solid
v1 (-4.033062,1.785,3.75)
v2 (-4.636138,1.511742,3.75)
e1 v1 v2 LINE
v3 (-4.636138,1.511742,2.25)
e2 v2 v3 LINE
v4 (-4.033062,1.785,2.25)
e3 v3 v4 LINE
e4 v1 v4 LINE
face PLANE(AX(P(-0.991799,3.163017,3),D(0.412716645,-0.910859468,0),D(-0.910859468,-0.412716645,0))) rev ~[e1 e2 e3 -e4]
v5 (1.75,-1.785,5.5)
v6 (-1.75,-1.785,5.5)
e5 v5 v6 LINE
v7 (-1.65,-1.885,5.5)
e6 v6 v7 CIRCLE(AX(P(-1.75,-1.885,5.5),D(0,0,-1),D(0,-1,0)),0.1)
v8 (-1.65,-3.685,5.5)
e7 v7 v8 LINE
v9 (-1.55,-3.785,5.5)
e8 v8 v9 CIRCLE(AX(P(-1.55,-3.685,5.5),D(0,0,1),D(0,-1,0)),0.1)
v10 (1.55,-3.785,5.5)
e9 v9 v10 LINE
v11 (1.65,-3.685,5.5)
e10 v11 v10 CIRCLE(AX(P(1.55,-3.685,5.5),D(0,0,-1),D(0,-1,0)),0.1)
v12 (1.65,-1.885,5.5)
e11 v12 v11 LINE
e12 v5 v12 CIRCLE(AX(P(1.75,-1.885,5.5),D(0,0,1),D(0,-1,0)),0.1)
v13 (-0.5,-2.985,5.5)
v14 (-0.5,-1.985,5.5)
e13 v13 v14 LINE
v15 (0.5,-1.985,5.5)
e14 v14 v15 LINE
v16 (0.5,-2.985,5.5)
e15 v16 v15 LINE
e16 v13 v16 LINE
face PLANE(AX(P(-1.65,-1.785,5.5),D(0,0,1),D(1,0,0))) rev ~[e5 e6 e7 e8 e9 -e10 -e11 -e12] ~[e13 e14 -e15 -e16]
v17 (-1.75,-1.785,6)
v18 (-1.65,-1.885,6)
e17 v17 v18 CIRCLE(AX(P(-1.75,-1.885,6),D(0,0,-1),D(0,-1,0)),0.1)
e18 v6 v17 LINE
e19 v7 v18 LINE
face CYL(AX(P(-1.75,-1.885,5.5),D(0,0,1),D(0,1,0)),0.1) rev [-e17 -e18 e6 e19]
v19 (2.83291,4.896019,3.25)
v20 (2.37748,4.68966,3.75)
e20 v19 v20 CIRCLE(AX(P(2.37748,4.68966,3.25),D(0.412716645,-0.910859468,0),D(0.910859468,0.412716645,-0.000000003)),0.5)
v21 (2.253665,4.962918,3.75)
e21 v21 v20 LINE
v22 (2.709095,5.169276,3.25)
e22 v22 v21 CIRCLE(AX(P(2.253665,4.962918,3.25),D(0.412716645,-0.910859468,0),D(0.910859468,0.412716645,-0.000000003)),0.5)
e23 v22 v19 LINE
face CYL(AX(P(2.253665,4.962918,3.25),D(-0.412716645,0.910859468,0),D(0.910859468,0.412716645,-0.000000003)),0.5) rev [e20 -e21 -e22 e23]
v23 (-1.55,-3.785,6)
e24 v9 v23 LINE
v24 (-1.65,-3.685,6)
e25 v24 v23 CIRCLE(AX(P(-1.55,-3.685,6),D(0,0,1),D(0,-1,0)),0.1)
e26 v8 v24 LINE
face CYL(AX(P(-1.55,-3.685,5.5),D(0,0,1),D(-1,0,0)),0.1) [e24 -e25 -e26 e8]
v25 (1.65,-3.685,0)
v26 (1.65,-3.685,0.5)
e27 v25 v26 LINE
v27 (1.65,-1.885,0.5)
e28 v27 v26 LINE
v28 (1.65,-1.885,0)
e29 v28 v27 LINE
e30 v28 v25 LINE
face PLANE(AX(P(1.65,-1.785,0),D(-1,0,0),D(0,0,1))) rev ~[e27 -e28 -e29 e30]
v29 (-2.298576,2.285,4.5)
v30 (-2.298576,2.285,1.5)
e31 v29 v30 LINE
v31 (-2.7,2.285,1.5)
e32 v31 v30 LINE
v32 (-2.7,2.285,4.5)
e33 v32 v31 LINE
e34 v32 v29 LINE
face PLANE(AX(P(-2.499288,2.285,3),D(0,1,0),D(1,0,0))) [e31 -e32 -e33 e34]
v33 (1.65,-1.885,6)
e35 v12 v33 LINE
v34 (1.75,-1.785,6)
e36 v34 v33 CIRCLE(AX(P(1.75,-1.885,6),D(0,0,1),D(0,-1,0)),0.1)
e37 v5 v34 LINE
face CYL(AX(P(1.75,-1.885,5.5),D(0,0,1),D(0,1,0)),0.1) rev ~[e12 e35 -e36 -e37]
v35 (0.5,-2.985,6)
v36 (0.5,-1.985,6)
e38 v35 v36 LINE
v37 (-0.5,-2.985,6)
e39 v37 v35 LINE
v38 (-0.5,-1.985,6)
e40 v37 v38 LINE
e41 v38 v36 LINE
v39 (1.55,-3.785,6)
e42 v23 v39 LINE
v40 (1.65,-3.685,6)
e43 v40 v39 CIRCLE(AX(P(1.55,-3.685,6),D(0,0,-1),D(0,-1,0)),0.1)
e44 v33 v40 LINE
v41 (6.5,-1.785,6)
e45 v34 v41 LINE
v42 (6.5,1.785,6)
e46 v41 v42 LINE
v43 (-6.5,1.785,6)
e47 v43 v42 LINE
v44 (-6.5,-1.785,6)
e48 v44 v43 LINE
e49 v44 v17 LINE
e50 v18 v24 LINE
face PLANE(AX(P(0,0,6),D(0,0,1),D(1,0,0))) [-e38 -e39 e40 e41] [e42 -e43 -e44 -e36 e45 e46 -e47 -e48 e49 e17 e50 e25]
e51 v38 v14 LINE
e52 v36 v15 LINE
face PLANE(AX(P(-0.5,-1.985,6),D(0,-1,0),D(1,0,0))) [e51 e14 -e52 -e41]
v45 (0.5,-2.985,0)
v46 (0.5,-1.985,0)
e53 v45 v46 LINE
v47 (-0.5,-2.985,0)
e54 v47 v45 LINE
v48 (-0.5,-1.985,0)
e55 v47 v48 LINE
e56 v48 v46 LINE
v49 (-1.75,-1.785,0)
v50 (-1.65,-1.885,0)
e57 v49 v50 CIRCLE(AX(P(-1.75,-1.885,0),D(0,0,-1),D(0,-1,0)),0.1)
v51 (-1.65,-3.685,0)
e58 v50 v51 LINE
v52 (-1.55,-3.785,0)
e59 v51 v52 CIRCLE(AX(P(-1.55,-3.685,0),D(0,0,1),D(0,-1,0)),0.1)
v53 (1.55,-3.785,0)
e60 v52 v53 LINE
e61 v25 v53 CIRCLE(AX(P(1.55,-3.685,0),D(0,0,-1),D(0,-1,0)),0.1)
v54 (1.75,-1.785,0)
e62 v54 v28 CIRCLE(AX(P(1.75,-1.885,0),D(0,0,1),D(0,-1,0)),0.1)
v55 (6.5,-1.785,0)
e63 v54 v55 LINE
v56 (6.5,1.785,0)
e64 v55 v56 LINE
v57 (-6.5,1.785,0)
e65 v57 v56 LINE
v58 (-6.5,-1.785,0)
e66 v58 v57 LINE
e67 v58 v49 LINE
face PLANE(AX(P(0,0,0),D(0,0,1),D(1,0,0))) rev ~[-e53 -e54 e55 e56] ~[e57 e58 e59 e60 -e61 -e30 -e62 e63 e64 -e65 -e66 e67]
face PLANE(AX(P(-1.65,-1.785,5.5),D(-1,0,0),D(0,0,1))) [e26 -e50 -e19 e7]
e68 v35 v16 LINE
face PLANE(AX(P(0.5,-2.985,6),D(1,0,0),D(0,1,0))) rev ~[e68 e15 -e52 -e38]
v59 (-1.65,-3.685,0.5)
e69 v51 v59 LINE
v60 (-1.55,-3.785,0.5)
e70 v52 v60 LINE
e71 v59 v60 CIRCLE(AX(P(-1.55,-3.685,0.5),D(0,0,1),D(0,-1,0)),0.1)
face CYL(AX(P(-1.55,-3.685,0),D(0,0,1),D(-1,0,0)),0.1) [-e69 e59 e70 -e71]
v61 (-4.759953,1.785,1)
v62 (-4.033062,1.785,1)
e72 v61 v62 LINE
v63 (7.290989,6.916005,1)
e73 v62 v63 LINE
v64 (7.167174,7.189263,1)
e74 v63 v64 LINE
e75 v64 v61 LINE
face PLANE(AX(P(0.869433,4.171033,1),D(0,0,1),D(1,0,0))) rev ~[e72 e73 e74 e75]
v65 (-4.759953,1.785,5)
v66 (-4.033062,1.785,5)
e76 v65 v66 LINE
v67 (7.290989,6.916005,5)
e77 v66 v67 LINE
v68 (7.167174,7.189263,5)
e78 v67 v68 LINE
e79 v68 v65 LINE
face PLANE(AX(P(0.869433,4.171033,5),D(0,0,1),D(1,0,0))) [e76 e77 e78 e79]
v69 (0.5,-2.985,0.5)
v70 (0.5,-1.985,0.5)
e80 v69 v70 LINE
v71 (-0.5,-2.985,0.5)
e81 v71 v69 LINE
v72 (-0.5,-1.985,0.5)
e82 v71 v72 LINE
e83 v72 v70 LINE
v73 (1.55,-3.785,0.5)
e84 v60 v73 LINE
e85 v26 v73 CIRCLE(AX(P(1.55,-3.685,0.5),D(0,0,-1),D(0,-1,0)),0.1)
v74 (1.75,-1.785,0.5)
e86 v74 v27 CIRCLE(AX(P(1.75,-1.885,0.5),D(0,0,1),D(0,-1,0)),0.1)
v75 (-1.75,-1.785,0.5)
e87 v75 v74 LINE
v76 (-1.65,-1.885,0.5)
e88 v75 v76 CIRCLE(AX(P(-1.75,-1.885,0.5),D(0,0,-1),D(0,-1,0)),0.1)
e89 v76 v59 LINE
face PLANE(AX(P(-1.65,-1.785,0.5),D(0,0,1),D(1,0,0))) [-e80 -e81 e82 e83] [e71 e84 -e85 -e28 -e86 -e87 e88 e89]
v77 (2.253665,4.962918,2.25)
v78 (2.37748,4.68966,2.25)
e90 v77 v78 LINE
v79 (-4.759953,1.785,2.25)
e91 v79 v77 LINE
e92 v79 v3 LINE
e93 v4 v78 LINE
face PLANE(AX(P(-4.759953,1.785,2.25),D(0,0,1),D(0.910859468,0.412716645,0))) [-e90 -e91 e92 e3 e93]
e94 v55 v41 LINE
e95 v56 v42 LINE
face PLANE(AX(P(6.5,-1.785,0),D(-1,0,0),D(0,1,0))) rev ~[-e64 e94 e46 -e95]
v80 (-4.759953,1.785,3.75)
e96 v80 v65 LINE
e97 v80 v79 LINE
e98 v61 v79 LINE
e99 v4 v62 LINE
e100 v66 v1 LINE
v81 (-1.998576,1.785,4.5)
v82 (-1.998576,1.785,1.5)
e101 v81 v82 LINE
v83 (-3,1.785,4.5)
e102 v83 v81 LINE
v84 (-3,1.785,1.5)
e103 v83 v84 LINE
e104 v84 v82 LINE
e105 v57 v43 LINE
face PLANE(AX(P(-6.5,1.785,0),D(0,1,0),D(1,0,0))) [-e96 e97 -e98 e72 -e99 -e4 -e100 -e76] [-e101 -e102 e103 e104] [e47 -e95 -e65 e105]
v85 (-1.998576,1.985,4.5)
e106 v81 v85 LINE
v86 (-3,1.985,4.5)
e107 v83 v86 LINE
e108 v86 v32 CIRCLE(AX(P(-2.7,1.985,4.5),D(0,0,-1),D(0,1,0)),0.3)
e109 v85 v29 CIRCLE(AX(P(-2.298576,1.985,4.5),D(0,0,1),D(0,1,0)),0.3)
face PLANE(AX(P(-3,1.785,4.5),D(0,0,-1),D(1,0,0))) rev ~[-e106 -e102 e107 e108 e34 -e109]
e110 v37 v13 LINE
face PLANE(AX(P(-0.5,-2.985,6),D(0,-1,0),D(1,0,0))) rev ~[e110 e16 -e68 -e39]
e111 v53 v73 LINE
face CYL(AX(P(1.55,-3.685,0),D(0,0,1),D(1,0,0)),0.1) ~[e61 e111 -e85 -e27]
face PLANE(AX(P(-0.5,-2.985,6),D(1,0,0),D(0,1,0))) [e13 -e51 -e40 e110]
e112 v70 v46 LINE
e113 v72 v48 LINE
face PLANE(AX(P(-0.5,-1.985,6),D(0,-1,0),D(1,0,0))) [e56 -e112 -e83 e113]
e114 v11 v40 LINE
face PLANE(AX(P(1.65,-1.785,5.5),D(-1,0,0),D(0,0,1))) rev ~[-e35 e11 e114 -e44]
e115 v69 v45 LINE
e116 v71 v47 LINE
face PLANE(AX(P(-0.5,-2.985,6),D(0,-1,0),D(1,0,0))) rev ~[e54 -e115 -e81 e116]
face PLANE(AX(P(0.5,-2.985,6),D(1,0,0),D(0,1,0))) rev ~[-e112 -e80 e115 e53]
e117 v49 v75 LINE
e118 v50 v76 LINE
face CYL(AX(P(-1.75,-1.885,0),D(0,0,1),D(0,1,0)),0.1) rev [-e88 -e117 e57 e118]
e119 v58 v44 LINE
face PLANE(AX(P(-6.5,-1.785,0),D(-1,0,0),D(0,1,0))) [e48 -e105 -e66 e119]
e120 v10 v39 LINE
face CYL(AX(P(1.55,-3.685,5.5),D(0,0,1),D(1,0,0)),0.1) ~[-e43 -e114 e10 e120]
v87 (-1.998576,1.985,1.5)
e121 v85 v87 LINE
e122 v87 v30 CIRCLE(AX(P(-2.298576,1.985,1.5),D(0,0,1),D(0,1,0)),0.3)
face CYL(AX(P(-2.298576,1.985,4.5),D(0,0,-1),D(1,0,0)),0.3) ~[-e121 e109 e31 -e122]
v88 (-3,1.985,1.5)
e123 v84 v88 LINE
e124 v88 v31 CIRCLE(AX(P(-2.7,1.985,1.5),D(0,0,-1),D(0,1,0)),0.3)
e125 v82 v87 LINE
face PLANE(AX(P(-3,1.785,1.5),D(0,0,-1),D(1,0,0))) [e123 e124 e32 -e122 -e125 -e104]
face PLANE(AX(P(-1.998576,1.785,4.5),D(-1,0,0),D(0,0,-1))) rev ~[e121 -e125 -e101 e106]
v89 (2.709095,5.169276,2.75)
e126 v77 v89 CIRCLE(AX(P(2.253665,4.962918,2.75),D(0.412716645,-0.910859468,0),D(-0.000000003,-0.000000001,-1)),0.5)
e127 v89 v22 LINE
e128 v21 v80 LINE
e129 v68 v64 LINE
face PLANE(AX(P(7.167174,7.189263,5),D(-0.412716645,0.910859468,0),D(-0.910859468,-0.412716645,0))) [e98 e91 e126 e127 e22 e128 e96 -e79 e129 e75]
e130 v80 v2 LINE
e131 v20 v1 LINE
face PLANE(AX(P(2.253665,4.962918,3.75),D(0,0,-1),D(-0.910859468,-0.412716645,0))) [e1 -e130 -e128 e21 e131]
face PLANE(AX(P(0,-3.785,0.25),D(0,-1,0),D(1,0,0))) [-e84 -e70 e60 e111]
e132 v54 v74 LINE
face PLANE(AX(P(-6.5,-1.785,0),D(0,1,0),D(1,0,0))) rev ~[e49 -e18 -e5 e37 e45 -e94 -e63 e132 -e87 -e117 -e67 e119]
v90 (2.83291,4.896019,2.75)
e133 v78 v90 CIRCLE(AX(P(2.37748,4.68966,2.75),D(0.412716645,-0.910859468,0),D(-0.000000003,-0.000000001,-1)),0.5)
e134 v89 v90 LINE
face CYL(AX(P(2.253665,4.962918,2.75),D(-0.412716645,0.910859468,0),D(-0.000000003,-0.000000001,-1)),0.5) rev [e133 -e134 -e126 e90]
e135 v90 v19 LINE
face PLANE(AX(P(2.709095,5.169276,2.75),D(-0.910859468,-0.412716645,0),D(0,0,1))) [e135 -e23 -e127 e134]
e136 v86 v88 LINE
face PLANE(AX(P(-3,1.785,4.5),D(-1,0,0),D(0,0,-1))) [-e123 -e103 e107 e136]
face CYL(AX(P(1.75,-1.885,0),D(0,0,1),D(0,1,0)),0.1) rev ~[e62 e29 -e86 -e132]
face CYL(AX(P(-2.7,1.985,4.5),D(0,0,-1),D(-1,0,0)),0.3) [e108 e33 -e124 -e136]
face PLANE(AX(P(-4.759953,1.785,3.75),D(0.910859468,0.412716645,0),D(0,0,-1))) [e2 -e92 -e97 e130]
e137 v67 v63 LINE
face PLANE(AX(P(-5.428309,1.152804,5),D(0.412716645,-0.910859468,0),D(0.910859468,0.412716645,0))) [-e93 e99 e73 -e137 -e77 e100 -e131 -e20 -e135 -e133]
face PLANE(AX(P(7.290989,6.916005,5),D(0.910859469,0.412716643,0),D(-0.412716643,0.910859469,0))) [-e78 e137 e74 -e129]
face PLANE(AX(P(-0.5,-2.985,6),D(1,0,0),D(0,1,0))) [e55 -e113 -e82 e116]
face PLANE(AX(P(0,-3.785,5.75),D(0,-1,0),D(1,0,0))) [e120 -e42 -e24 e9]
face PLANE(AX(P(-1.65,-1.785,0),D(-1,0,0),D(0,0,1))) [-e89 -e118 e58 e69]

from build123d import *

# Parameters (mm, degrees)
SCHIZZO1_W                   = 13
SCHIZZO1_H                   = 3.57
ESTRUSIONE_ESTRUSIONE1_DEPTH = 6
SCHIZZO3_W                   = 3.3
SCHIZZO3_H                   = 0.5
ESTRUSIONE_ESTRUSIONE2_DEPTH = 2
RACCORDO1_R                  = 0.1
SCHIZZO4_W                   = 1
SCHIZZO4_H                   = 1
TAGLIO_ESTRUSIONE1_DEPTH     = 7
SCHIZZO5_W                   = 1.001424396
SCHIZZO5_H                   = 3
ESTRUSIONE_ESTRUSIONE3_DEPTH = 0.5
RACCORDO2_R                  = 0.3
ESTRUSIONE_ESTRUSIONE4_DEPTH = 4
TAGLIO_ESTRUSIONE2_DEPTH     = 0.3


with BuildPart() as part:
    # Schizzo1 → Estrusione-Estrusione1 (new body)
    with BuildSketch(Plane.XY):
        Rectangle(SCHIZZO1_W, SCHIZZO1_H)
    extrude(amount=ESTRUSIONE_ESTRUSIONE1_DEPTH)

    # Schizzo3 → Estrusione-Estrusione2 (add)
    with BuildSketch(Plane.XZ.offset(1.785)):
        with Locations((0, 5.75)):
            Rectangle(SCHIZZO3_W, SCHIZZO3_H)
        with Locations((0, 0.25)):
            Rectangle(SCHIZZO3_W, SCHIZZO3_H)
    extrude(amount=ESTRUSIONE_ESTRUSIONE2_DEPTH)

    # Raccordo1
    raccordo1_edges = [part.edges().sort_by_distance(p)[0] for p in [
        (1.65, -3.785, 0.25),
        (-1.65, -3.785, 0.25),
        (-1.65, -3.785, 5.75),
        (1.65, -3.785, 5.75),
        (-1.65, -1.785, 0.25),
        (1.65, -1.785, 0.25),
        (-1.65, -1.785, 5.75),
        (1.65, -1.785, 5.75),
    ]]
    fillet(raccordo1_edges, radius=RACCORDO1_R)

    # Schizzo4 → Taglio-Estrusione1 (cut, through all)
    with BuildSketch(Plane.XY.offset(6)):
        with Locations((0, -2.485)):
            Rectangle(SCHIZZO4_W, SCHIZZO4_H)
    extrude(amount=-TAGLIO_ESTRUSIONE1_DEPTH, mode=Mode.SUBTRACT)

    # Schizzo5 → Estrusione-Estrusione3 (add)
    with BuildSketch(Plane(origin=(0, 1.785, 0), x_dir=(1, 0, 0), z_dir=(0, 1, 0))):
        with Locations((-2.499287802, -3)):
            Rectangle(SCHIZZO5_W, SCHIZZO5_H)
    extrude(amount=ESTRUSIONE_ESTRUSIONE3_DEPTH)

    # Raccordo2
    raccordo2_edges = [part.edges().sort_by_distance(p)[0] for p in [
        (-3, 2.285, 3),
        (-1.998575604, 2.285, 3),
    ]]
    fillet(raccordo2_edges, radius=RACCORDO2_R)

    # Schizzo7 → Estrusione-Estrusione4 (add)
    with BuildSketch(Plane.XY.offset(5)):
        Polygon((-5.428309071, 1.15280402), (7.290989084, 6.916004863), (7.167174091, 7.189262704), (-5.552124064, 1.42606186), align=None)
    extrude(amount=-ESTRUSIONE_ESTRUSIONE4_DEPTH)

    # Schizzo8 → Taglio-Estrusione2 (cut)
    with BuildSketch(Plane(origin=(-1.481816175, 3.270346158, 0), x_dir=(0.910859468, 0.412716645, 0), z_dir=(-0.412716645, 0.910859468, 0))):
        with BuildLine():
            Line((-3.598949006, -2.25), (4.101050994, -2.25))
            ThreePointArc((4.101050994, -2.25), (4.454604385, -2.396446609), (4.601050994, -2.75))
            Line((4.601050994, -2.75), (4.601050994, -3.25))
            ThreePointArc((4.601050994, -3.25), (4.454604385, -3.603553391), (4.101050994, -3.75))
            Line((4.101050994, -3.75), (-3.598949006, -3.75))
            Line((-3.598949006, -3.75), (-3.598949006, -2.25))
        make_face()
    extrude(amount=-TAGLIO_ESTRUSIONE2_DEPTH, mode=Mode.SUBTRACT)


solid = part.part
